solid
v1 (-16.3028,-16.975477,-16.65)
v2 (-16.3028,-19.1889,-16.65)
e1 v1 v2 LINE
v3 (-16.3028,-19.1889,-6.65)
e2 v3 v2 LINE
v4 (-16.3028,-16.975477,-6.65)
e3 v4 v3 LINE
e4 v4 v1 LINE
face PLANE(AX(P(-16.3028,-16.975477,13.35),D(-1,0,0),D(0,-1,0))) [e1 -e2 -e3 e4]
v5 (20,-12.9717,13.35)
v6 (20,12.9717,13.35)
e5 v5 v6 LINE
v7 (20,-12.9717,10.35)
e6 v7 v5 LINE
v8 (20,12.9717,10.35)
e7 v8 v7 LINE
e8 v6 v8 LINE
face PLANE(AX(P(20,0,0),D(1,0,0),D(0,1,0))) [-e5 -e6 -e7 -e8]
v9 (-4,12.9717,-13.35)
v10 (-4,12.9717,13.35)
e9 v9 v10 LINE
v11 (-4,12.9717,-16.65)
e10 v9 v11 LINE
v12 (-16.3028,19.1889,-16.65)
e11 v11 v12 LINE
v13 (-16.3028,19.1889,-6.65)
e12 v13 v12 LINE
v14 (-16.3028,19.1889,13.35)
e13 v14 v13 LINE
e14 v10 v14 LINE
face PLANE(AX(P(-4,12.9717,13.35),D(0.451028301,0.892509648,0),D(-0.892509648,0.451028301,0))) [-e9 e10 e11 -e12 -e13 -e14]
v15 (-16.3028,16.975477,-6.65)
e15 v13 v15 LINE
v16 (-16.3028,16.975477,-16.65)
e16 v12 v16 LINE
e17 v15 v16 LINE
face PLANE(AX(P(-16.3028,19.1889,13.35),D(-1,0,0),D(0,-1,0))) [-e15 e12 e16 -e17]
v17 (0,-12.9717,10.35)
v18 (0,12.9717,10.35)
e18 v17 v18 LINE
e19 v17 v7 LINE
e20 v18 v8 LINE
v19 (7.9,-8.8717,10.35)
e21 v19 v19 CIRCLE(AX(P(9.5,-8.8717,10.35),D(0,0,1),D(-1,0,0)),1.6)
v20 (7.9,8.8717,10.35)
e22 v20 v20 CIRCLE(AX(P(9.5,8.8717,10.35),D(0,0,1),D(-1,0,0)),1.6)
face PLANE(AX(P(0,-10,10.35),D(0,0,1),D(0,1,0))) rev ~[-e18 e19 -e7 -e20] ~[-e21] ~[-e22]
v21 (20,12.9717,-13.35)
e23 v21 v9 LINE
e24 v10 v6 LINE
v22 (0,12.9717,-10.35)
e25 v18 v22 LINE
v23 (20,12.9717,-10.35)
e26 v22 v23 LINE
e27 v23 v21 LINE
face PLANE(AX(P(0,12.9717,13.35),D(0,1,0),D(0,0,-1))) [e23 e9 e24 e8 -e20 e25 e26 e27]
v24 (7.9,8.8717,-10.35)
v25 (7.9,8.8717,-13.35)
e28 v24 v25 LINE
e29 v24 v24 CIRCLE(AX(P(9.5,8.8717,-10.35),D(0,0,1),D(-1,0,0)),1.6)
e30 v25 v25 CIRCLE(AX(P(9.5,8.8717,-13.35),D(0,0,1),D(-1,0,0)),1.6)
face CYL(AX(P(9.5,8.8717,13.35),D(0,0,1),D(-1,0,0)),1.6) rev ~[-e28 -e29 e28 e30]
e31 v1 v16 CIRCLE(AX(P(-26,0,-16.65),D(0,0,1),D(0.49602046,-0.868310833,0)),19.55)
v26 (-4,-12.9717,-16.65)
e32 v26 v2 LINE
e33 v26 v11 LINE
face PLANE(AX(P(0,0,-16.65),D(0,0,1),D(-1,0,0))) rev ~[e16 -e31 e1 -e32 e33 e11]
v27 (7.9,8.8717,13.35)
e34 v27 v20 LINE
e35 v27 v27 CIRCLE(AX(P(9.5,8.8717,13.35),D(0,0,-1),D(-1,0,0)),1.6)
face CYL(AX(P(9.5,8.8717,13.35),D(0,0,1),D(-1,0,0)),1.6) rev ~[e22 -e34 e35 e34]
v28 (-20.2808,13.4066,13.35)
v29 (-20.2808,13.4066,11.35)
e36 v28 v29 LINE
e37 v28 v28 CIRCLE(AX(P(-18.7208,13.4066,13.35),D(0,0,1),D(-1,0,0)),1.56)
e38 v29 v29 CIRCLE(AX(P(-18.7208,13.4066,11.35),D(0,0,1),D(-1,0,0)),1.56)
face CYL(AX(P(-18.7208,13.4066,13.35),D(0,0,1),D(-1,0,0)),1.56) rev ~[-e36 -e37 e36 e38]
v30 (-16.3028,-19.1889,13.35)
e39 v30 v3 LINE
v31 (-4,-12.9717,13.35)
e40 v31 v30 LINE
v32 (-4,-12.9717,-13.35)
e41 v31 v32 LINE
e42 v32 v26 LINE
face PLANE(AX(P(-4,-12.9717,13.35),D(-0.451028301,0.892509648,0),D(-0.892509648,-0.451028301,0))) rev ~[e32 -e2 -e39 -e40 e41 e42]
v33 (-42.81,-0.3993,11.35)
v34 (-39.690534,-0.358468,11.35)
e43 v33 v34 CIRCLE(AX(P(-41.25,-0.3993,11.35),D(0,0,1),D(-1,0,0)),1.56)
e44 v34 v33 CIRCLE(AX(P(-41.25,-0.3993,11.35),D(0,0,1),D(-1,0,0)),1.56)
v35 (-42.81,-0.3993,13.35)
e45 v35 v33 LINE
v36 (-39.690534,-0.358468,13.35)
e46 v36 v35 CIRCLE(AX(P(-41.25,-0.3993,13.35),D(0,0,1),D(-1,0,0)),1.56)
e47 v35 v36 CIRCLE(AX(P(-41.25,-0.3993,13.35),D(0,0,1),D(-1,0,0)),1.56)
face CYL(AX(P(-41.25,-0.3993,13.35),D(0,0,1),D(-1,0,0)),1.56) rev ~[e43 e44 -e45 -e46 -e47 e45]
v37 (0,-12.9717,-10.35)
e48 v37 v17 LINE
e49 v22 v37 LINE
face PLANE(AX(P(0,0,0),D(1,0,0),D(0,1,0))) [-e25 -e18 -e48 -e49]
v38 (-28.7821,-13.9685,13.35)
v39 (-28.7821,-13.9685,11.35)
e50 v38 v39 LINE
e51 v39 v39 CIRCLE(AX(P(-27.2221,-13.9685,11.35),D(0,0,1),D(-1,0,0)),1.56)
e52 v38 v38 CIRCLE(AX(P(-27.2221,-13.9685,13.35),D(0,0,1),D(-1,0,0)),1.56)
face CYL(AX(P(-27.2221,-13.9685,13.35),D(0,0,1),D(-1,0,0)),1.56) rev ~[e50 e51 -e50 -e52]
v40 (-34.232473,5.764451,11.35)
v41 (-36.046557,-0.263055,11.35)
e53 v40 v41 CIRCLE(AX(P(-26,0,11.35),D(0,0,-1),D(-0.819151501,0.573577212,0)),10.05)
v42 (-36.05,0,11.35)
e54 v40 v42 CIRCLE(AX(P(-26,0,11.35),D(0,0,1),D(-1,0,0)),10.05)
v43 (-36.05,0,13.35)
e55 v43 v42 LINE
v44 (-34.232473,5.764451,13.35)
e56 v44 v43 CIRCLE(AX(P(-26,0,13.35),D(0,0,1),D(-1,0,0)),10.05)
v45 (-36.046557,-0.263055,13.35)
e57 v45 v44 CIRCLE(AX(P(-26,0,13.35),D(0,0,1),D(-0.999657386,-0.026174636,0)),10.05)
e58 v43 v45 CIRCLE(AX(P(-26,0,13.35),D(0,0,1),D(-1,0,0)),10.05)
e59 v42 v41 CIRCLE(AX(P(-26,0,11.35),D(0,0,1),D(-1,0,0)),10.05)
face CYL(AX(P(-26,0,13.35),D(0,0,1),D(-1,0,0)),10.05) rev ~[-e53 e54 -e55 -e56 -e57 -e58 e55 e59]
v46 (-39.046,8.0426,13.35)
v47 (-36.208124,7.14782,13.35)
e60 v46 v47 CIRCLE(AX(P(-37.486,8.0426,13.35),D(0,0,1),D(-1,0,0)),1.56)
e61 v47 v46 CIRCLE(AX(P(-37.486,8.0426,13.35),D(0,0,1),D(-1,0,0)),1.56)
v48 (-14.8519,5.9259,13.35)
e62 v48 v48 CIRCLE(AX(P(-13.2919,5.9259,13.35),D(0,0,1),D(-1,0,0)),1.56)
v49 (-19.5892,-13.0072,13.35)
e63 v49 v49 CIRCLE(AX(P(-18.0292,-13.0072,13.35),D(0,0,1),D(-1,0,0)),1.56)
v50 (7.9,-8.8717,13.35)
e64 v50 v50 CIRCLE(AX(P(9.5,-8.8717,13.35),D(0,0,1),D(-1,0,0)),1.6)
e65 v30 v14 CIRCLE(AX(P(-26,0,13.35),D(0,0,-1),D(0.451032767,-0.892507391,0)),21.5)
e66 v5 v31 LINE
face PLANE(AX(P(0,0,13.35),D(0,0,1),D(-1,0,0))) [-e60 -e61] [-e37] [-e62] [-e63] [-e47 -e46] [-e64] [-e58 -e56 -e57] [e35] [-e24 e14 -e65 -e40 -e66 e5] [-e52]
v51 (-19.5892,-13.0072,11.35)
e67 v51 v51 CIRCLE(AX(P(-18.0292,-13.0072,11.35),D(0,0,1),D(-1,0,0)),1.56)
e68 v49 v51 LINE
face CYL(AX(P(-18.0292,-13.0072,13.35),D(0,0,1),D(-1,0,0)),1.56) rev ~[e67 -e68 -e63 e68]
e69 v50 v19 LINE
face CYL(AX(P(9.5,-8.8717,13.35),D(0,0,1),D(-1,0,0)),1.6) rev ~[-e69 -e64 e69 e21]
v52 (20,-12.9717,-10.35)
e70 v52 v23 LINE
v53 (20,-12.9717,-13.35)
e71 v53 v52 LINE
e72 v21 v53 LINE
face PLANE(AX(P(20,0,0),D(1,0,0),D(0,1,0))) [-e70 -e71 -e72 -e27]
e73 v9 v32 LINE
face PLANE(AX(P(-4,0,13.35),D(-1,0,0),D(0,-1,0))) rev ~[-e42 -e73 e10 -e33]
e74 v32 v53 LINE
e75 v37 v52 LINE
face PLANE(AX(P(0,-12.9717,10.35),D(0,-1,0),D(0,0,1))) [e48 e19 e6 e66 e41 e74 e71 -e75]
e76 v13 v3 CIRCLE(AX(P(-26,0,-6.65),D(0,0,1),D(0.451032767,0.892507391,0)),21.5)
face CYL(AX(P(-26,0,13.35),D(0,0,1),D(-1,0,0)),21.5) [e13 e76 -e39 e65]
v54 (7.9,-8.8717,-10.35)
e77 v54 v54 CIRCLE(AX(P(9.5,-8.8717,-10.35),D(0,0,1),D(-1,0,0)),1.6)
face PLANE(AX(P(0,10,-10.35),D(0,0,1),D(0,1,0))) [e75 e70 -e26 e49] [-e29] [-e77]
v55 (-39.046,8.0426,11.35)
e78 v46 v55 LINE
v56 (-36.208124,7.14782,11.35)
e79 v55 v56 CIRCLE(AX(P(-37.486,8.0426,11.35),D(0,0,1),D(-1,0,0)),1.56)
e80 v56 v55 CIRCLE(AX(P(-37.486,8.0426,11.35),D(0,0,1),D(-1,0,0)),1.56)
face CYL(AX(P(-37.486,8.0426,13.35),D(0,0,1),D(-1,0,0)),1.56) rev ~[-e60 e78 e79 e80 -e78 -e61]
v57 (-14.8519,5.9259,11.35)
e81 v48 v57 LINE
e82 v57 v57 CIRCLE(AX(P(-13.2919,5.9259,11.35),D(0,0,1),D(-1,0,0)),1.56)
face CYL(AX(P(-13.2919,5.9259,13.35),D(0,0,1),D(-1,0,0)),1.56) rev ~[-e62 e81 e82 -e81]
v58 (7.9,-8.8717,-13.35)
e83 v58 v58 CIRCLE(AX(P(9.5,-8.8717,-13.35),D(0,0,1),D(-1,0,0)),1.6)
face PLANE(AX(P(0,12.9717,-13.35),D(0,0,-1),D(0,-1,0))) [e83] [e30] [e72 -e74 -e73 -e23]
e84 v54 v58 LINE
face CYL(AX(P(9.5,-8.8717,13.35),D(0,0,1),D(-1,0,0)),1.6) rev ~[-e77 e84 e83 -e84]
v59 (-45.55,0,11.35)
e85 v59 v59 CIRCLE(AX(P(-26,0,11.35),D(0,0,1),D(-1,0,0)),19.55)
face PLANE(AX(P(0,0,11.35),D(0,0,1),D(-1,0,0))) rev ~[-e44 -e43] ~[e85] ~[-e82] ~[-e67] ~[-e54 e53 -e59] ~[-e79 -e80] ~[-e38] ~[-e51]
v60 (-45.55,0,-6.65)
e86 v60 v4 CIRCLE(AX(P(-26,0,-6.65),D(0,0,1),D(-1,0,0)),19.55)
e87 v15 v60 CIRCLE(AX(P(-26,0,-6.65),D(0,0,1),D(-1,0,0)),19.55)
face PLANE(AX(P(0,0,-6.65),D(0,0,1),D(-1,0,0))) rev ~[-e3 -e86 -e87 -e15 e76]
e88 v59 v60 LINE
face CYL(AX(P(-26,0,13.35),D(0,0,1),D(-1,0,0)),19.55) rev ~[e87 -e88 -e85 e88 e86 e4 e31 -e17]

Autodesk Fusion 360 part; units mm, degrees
sketch "Sketch1" plane through (0, 0, 0) normal (1, 0, 0) x (0, 1, 0)
  line L0 (10, -10.35) -> (-10, -10.35)
  line L1 (-10, -10.35) -> (-10, 10.35)
  line L2 (-10, 10.35) -> (10, 10.35)
  line L3 (10, 10.35) -> (10, -10.35)
  line L4 (10, -10.35) -> (-10, 10.35) construction
  line L5 (-10, -10.35) -> (10, 10.35) construction
  line L6 (12.9717, -13.35) -> (-12.9717, -13.35)
  line L7 (-12.9717, -13.35) -> (-12.9717, 13.35)
  line L8 (-12.9717, 13.35) -> (12.9717, 13.35)
  line L9 (12.9717, 13.35) -> (12.9717, -13.35)
  line L10 (12.9717, -13.35) -> (-12.9717, 13.35) construction
  line L11 (-12.9717, -13.35) -> (12.9717, 13.35) construction
  line L12 (10, 10.35) -> (12.9717, 10.35)
  line L13 (-10, 10.35) -> (-12.9717, 10.35)
  line L14 (-10, -10.35) -> (-12.9717, -10.35)
  line L15 (-12.9717, -10.35) -> (12.9717, -10.35)
  dimension "d1" = 20
  dimension "d2" = 20.7
  dimension "d3" = 26.7
extrude "Extrude1" add sketch "Sketch1" along normal blind 20 contours L0 L6 L7 L9 L14 L15 | L2 L7 L8 L9 L12 L13 makes body 1 at (6.6667, -4.3239, 10.35) makes body 2 at (13.3333, -4.3239, -10.35)
extrude "Extrude2" add sketch "Sketch1" against normal blind 4 separate body contours L0 L1 L2 L3 L15 | L3 L9 L12 L15 | L1 L7 L13 L14 L15 makes body 3
extrude "Extrude3" add sketch "Sketch1" against normal blind 4 contours L0 L6 L7 L9 L14 L15 | L2 L7 L8 L9 L12 L13 bodies 1 2 3
sketch "Sketch2" plane through (0, 0, 13.35) normal (0, 0, 1) x (-1, 0, 0)
  line L0 (4, 12.9717) -> (-20, 12.9717)
  line L1 (-20, 12.9717) -> (-20, -12.9717)
  line L2 (-20, -12.9717) -> (4, -12.9717)
  line L3 (4, -12.9717) -> (4, 12.9717)
  line L4 (4, 0) -> (26, 0)
  circle A0 centre (26, 0) radius 19.55
  circle A1 centre (26, 0) radius 14 construction
  circle A2 centre (26, 0) radius 15.25 construction
  line L5 (26, 0) -> (26, -14)
  circle A3 centre (26, 0) radius 21.5
  line L6 (4, -12.9717) -> (16.3028, -19.1889)
  line L7 (4, 12.9717) -> (16.3028, 19.1889)
  circle A4 centre (26, 0) radius 10.05
  line L8 (-20, -12.9717) -> (-9.5, -12.9717)
  line L9 (-9.5, -12.9717) -> (-9.5, -8.8717)
  circle A5 centre (-9.5, -8.8717) radius 1.6
  line L10 (4, 0) -> (-20, 0) construction
  circle A6 centre (-9.5, 8.8717) radius 1.6
  line L11 (16.3028, -19.1889) -> (16.3028, 19.1889)
  line L12 (26, 0) -> (37.486, -8.0426)
  circle A7 centre (37.486, -8.0426) radius 1.56
  circle A8 centre (27.2221, 13.9685) radius 1.56
  circle A9 centre (13.2919, -5.9259) radius 1.56
  line L13 (26, 0) -> (25.9989, 0)
  line L14 (26, 0) -> (41.25, 0.3993)
  line L15 (26, 0) -> (41, 0) construction
  circle A10 centre (41.25, 0.3993) radius 1.56
  circle A11 centre (18.0292, 13.0072) radius 1.56
  circle A12 centre (18.7208, -13.4066) radius 1.56
  dimension "d22" = 22
  dimension "d23" = 39.1
  dimension "d24" = 28
  dimension "d25" = 30.5
  dimension "d26" = 14
  dimension "d32" = 43
  dimension "d33" = 20.1
  dimension "d38" = 10.5
  dimension "d39" = 4.1
  dimension "d40" = 3.2
  dimension "d56" = 3.12
  dimension "d66" = 1.5
  dimension "d67" = 3.12
  dimension "d68" = 15.25
  dimension "d70" = 360
extrude "Extrude4" add sketch "Sketch2" against normal blind 2 separate body contours L4 A0 A4 L11 | A0 A4 L11 | L4 A0 A4 L11 makes body 4
extrude "Extrude5" add sketch "Sketch2" against normal blind 30 contours L3 L4 A3 L7 | L3 L4 A3 L6 | L4 A0 A3 L11 | L4 A0 A3 L11 bodies 1 4
extrude "Extrude6" cut sketch "Sketch2" against normal blind 34 contours A5 | A6 bodies 1
extrude "Extrude7" add sketch "Sketch2" against normal blind 20 contours A0 A3 L11 bodies 1
equation "d68 = ( 30.5 / 2 ) * 1 mm"
